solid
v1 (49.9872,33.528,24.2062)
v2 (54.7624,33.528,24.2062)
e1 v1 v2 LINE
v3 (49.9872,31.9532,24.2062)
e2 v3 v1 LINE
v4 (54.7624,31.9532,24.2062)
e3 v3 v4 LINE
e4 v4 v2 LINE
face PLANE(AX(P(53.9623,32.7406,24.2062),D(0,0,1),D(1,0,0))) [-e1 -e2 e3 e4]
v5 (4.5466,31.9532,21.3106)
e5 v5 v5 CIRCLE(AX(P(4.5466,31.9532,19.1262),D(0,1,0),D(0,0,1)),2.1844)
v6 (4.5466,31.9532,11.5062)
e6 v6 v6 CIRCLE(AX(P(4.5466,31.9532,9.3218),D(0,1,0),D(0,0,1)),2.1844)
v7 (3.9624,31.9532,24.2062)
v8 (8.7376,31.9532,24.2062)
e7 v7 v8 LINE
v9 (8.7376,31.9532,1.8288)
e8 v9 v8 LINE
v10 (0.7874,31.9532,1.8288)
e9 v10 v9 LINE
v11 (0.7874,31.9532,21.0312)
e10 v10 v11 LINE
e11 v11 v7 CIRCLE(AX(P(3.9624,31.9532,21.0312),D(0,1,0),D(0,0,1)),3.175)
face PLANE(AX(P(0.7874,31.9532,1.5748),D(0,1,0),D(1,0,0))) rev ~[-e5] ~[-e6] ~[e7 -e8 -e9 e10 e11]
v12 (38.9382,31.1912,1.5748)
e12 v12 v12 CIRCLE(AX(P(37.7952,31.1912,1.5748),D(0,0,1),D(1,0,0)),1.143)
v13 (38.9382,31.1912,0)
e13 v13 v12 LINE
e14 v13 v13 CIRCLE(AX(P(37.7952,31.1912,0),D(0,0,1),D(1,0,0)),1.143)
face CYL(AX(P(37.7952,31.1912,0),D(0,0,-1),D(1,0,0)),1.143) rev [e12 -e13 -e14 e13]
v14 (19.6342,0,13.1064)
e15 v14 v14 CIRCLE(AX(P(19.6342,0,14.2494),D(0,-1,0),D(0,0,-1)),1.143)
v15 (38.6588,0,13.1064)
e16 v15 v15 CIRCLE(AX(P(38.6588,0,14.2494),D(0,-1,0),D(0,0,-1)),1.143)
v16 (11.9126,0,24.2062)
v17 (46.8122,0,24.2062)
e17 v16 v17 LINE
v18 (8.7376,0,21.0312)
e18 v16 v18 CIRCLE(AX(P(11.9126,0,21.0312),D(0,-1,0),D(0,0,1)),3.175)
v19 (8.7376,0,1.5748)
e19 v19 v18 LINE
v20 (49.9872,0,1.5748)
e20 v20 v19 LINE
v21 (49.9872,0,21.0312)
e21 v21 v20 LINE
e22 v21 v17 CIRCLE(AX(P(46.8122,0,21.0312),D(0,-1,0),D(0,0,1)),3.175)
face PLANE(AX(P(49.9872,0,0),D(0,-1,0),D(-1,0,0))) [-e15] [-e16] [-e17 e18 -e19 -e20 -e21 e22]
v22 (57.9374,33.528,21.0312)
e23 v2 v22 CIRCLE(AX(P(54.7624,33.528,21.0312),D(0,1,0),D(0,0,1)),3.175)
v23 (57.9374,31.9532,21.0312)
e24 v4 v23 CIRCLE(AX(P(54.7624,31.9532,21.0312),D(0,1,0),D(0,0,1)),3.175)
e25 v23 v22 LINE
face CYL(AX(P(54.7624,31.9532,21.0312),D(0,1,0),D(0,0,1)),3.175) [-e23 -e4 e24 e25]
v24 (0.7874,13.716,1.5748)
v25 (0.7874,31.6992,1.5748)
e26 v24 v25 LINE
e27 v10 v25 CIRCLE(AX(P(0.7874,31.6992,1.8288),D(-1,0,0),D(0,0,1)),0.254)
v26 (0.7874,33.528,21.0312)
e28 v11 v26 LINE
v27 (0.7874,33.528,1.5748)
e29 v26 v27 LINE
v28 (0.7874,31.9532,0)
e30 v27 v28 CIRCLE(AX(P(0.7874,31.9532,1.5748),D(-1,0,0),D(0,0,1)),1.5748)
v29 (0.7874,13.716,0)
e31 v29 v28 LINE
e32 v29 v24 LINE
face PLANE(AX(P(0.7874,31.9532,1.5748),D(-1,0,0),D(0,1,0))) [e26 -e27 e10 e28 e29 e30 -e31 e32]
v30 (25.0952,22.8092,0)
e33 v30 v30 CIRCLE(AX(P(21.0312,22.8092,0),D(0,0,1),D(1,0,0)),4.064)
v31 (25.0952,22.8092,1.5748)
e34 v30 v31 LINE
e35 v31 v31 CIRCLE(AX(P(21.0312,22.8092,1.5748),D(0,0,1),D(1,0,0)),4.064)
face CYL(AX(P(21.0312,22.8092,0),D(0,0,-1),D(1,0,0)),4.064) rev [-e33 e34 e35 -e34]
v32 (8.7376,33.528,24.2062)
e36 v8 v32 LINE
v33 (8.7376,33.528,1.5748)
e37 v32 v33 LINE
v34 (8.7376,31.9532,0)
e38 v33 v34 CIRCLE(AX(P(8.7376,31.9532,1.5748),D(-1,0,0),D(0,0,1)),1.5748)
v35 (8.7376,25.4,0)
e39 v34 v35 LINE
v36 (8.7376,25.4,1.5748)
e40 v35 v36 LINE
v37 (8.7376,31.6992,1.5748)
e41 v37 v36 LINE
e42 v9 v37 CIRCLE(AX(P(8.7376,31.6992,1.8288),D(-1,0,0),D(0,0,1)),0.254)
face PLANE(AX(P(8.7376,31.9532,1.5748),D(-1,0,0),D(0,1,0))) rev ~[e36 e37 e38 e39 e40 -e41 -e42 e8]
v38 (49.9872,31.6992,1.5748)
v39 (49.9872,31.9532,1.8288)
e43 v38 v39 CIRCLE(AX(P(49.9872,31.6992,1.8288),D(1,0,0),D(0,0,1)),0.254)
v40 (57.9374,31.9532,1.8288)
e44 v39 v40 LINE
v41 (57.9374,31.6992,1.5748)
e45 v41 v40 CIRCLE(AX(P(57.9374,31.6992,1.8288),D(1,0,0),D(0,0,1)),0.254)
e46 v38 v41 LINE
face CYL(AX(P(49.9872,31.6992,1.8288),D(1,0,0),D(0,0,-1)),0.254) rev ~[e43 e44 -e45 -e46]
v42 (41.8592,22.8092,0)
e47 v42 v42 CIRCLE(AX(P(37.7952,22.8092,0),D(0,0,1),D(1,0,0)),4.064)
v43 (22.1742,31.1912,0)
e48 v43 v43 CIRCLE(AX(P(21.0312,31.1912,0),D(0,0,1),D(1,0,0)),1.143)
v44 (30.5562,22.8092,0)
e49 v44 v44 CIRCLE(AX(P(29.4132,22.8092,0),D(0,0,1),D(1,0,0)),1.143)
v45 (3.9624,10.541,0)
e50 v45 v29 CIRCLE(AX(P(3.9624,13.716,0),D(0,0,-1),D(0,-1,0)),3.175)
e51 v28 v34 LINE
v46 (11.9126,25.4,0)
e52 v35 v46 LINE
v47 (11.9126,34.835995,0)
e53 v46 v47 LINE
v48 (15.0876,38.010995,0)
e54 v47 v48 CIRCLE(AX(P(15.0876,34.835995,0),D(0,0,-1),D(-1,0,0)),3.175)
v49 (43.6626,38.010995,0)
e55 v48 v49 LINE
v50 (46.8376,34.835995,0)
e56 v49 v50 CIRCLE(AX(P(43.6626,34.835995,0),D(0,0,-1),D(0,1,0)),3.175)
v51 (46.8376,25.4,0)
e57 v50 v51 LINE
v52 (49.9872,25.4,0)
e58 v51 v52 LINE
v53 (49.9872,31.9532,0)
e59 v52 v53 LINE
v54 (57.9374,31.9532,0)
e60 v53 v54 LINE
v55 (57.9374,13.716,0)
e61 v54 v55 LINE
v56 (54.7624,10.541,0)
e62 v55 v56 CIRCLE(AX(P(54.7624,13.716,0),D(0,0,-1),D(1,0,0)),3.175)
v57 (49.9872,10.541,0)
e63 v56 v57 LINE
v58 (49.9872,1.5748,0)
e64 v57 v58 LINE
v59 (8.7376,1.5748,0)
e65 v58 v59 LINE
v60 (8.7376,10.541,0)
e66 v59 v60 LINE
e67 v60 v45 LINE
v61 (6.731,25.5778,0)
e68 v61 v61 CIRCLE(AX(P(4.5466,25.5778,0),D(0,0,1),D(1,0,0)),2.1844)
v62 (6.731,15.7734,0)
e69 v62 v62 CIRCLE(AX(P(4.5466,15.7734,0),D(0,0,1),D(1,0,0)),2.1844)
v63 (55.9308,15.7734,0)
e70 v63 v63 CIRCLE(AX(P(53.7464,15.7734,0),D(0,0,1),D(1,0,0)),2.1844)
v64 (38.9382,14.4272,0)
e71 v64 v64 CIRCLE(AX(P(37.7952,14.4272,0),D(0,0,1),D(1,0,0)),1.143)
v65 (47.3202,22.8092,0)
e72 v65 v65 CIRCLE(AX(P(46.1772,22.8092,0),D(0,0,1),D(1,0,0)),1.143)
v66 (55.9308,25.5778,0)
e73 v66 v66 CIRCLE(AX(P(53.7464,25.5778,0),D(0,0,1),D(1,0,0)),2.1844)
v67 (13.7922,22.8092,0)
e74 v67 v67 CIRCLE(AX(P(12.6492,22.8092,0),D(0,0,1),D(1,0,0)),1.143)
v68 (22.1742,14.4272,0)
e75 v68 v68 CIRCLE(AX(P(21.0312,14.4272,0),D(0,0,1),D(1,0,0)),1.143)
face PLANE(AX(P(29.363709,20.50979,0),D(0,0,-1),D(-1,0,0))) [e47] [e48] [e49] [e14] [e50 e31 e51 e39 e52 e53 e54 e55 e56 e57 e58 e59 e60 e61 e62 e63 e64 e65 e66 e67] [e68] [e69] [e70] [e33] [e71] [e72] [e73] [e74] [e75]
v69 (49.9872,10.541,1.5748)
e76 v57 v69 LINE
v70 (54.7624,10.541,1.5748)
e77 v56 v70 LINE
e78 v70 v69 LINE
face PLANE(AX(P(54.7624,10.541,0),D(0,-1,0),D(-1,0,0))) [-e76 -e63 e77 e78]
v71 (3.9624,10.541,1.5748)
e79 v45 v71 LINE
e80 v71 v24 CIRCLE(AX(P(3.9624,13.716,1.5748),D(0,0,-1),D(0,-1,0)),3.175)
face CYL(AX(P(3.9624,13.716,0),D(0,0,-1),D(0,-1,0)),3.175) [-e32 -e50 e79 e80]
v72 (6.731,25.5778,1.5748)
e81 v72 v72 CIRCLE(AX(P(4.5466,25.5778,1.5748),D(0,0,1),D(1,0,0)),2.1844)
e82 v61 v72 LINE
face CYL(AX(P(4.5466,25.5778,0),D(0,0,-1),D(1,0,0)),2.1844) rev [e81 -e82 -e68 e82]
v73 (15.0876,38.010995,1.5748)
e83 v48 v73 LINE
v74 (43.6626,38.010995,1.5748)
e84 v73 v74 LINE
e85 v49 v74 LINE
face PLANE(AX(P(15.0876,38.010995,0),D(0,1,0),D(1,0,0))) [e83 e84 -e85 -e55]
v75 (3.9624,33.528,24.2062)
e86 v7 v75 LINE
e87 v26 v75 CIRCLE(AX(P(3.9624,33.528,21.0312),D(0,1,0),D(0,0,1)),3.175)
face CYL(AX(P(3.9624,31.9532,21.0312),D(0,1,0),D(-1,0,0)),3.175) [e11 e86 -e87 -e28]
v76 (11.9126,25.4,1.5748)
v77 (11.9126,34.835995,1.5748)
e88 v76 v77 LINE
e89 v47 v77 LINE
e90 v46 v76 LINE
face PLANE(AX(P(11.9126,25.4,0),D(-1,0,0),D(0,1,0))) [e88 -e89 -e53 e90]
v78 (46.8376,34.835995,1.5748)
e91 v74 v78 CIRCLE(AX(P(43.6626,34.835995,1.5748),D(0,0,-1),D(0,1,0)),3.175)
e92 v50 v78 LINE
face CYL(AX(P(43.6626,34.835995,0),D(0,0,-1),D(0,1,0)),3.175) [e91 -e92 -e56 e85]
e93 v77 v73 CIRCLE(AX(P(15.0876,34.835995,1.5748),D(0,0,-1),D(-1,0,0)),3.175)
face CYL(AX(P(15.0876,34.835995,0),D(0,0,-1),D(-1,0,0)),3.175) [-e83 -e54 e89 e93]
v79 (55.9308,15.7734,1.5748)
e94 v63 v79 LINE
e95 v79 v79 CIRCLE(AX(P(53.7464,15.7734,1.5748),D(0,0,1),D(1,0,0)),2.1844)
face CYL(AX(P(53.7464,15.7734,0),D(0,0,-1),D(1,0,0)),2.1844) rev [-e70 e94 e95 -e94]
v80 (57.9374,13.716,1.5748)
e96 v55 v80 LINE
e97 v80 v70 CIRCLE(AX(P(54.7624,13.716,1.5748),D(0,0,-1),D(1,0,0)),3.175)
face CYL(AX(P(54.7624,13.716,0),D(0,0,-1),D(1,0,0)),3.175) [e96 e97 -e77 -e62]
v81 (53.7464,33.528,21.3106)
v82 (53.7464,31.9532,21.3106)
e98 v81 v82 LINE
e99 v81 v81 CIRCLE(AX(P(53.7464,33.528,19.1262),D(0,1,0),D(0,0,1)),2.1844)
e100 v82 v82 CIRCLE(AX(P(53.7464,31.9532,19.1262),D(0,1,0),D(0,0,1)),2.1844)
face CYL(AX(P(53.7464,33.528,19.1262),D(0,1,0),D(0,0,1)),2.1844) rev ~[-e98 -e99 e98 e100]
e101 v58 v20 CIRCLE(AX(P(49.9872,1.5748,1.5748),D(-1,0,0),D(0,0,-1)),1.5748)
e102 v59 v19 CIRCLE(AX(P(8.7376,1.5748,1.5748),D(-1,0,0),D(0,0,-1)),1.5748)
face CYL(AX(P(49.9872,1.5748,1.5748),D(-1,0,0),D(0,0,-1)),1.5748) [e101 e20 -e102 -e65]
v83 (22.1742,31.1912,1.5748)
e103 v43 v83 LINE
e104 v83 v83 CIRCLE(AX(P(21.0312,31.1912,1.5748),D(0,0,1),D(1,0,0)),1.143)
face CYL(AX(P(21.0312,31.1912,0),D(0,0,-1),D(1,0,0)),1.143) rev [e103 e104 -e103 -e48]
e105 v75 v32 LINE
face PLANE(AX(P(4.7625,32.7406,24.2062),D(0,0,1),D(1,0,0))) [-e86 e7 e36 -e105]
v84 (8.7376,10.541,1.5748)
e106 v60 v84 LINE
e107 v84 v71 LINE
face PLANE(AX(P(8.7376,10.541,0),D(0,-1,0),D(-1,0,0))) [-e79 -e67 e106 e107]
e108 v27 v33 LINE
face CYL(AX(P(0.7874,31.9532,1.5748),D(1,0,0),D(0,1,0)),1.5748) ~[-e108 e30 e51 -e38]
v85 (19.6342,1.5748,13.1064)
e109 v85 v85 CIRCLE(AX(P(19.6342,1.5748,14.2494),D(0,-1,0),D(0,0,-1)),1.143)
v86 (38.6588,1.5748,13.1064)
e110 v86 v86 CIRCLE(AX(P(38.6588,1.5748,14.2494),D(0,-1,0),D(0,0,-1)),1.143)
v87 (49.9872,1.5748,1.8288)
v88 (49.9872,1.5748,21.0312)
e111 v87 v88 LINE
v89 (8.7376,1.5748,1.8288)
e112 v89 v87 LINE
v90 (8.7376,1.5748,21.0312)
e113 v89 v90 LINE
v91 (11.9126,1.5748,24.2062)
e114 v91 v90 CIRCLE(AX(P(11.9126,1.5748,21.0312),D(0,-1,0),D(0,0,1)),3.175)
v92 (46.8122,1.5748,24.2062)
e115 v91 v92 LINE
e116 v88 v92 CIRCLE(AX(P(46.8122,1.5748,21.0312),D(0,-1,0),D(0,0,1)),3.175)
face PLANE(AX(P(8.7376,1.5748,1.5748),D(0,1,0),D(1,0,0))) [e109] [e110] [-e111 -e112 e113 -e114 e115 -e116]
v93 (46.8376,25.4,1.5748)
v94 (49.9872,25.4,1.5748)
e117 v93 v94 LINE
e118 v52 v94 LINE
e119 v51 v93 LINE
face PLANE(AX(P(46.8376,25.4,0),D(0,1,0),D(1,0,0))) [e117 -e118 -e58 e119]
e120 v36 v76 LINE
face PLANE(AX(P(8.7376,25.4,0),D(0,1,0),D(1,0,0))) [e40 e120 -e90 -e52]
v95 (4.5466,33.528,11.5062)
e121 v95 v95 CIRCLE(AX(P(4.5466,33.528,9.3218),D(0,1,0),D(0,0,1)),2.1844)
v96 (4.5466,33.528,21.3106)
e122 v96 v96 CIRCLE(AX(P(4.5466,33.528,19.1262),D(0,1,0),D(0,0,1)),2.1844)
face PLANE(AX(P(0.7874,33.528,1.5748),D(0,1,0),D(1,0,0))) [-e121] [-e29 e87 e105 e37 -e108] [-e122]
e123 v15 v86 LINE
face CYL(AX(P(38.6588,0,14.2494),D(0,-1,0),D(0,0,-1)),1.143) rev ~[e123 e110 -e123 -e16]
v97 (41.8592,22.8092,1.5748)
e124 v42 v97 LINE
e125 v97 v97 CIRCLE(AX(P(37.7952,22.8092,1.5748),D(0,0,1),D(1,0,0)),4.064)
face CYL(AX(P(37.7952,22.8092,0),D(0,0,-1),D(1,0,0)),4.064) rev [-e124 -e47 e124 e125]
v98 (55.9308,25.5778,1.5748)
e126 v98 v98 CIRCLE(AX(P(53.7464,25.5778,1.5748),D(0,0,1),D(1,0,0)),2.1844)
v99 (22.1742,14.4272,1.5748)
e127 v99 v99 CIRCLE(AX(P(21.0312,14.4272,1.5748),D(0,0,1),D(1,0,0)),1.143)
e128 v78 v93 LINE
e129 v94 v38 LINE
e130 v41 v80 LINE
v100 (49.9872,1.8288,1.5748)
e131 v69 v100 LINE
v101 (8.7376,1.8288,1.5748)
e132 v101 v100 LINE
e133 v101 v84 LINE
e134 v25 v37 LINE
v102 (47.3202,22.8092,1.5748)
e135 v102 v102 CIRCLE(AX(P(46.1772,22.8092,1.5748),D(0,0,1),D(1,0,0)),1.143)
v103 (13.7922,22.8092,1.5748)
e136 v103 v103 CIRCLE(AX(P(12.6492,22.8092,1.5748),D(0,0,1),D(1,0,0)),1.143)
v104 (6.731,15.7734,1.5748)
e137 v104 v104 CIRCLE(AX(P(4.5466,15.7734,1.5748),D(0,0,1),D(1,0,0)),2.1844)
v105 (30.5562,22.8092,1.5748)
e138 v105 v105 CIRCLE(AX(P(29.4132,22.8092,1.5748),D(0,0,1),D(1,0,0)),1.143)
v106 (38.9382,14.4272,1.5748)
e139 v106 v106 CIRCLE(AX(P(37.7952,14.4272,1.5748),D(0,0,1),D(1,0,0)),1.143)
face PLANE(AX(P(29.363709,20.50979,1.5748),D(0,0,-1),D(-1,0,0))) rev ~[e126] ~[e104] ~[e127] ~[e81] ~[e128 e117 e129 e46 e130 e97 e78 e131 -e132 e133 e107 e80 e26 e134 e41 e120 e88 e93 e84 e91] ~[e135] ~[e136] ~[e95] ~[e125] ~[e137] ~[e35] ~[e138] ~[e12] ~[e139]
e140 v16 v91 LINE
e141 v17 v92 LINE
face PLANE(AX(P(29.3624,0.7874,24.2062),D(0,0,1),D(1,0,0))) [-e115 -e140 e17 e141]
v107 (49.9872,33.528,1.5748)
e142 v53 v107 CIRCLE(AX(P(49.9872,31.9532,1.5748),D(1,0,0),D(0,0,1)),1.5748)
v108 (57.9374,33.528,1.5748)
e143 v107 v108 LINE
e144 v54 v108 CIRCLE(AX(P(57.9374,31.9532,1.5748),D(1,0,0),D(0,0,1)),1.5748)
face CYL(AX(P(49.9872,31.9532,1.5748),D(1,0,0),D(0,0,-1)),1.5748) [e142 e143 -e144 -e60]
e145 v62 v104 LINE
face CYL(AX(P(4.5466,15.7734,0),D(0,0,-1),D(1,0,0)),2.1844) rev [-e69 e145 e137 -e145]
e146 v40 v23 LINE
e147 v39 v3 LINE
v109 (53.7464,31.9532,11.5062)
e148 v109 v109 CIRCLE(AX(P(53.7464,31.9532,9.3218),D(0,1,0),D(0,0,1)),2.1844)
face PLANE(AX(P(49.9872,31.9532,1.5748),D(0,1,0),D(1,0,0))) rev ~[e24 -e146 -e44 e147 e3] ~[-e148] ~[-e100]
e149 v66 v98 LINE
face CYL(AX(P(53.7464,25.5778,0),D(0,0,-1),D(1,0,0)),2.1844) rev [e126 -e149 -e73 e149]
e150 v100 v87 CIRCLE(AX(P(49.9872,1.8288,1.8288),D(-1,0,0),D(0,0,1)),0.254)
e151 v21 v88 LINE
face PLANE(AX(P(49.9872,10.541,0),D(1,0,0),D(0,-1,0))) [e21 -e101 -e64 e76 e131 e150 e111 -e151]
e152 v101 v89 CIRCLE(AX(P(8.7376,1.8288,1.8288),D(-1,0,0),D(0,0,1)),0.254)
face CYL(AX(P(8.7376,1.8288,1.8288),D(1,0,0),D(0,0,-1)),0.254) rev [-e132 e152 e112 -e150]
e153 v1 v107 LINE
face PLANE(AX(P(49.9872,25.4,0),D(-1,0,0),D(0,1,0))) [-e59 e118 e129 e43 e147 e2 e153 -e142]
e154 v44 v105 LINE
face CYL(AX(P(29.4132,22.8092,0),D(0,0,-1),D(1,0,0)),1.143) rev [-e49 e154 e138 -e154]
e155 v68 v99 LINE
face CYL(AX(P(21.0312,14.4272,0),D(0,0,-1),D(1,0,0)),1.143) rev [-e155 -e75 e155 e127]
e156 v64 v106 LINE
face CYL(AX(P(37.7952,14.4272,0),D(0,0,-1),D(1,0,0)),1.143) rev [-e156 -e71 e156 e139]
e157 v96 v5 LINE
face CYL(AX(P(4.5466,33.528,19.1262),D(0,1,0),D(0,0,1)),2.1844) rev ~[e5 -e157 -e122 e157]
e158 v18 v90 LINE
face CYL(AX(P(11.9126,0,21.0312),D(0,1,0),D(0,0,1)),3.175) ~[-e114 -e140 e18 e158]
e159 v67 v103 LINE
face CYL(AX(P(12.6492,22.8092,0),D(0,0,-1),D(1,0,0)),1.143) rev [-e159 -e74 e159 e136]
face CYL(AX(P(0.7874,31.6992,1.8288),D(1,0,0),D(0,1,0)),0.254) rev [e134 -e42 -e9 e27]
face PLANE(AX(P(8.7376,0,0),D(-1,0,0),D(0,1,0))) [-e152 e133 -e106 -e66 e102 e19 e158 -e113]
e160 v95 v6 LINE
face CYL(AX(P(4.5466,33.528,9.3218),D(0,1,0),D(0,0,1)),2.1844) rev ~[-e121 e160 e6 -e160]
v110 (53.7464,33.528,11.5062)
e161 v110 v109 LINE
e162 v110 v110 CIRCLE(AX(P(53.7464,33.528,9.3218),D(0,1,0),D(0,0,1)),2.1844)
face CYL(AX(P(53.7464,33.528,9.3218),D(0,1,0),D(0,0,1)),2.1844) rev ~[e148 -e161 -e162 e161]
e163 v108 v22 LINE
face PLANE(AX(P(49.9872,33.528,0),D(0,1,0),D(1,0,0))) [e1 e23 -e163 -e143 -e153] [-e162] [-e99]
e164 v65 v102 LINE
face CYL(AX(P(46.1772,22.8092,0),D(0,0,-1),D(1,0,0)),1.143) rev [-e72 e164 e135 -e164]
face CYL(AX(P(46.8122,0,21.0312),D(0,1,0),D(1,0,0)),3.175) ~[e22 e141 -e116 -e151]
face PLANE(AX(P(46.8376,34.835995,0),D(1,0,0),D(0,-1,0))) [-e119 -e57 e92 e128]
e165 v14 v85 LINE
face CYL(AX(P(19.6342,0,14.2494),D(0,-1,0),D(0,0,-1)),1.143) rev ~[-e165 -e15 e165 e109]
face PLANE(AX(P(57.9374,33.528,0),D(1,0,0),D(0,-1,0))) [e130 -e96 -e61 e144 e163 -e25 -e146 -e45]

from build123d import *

# Parameters (mm, degrees)
SKETCH1_R      = 4.064
SKETCH1_R_2    = 1.143
SKETCH1_R_3    = 2.1844
EXTRUDE2_DEPTH = 1.5748
SKETCH3_W      = 7.9502
SKETCH3_H      = 1.5748
SKETCH3_W_2    = 41.2496
EXTRUDE3_DEPTH = 22.6314
FILLET1_R      = 3.175
FILLET2_R      = 1.5748
FILLET3_R      = 0.254
SKETCH4_R      = 1.143
EXTRUDE4_DEPTH = 1.5748
SKETCH5_R      = 2.1844
EXTRUDE5_DEPTH = 1.5748


with BuildPart() as part:
    # Sketch1 → Extrude2 (new body)
    with BuildSketch(Plane.XY):
        with BuildLine():
            Line((11.9126, 30.734), (11.9126, 34.835994844))
            ThreePointArc((11.9126, 34.835994844), (12.84253597, 37.081058874), (15.0876, 38.010994844))
            Line((15.0876, 38.010994844), (43.6626, 38.010994844))
            ThreePointArc((43.6626, 38.010994844), (45.90766403, 37.081058874), (46.8376, 34.835994844))
            Line((46.8376, 34.835994844), (46.8376, 33.528))
            Line((46.8376, 33.528), (46.8376, 25.4))
            Line((46.8376, 25.4), (49.9872, 25.4))
            Line((49.9872, 25.4), (49.9872, 33.528))
            Line((49.9872, 33.528), (57.9374, 33.528))
            Line((57.9374, 33.528), (57.9374, 13.716))
            ThreePointArc((57.9374, 13.716), (57.00746403, 11.47093597), (54.7624, 10.541))
            Line((54.7624, 10.541), (49.9872, 10.541))
            Line((49.9872, 10.541), (49.9872, 0))
            Line((49.9872, 0), (8.7376, 0))
            Line((8.7376, 0), (8.7376, 10.541))
            Line((8.7376, 10.541), (3.9624, 10.541))
            ThreePointArc((3.9624, 10.541), (1.71733597, 11.47093597), (0.7874, 13.716))
            Line((0.7874, 13.716), (0.7874, 33.528))
            Line((0.7874, 33.528), (8.7376, 33.528))
            Line((8.7376, 33.528), (8.7376, 25.4))
            Line((8.7376, 25.4), (11.9126, 25.4))
            Line((11.9126, 25.4), (11.9126, 30.734))
        make_face()
        with Locations((21.0312, 22.8092)):
            Circle(SKETCH1_R, mode=Mode.SUBTRACT)
        with Locations((21.0312, 31.1912)):
            Circle(SKETCH1_R_2, mode=Mode.SUBTRACT)
        with Locations((29.4132, 22.8092)):
            Circle(SKETCH1_R_2, mode=Mode.SUBTRACT)
        with Locations((21.0312, 14.4272)):
            Circle(SKETCH1_R_2, mode=Mode.SUBTRACT)
        with Locations((12.6492, 22.8092)):
            Circle(SKETCH1_R_2, mode=Mode.SUBTRACT)
        with Locations((37.7952, 31.1912)):
            Circle(SKETCH1_R_2, mode=Mode.SUBTRACT)
        with Locations((46.1772, 22.8092)):
            Circle(SKETCH1_R_2, mode=Mode.SUBTRACT)
        with Locations((37.7952, 22.8092)):
            Circle(SKETCH1_R, mode=Mode.SUBTRACT)
        with Locations((37.7952, 14.4272)):
            Circle(SKETCH1_R_2, mode=Mode.SUBTRACT)
        with Locations((4.5466, 25.5778)):
            Circle(SKETCH1_R_3, mode=Mode.SUBTRACT)
        with Locations((4.5466, 15.7734)):
            Circle(SKETCH1_R_3, mode=Mode.SUBTRACT)
        with Locations((53.7464, 25.5778)):
            Circle(SKETCH1_R_3, mode=Mode.SUBTRACT)
        with Locations((53.7464, 15.7734)):
            Circle(SKETCH1_R_3, mode=Mode.SUBTRACT)
    extrude(amount=EXTRUDE2_DEPTH)

    # Sketch3 → Extrude3 (add)
    with BuildSketch(Plane.XY.offset(1.5748)):
        with Locations((4.7625, 32.7406)):
            Rectangle(SKETCH3_W, SKETCH3_H)
        with Locations((29.3624, 0.7874)):
            Rectangle(SKETCH3_W_2, SKETCH3_H)
        with Locations((53.9623, 32.7406)):
            Rectangle(SKETCH3_W, SKETCH3_H)
    extrude(amount=EXTRUDE3_DEPTH)

    # Fillet1
    fillet1_edges = [part.edges().sort_by_distance(p)[0] for p in [
        (0.7874, 32.7406, 24.2062),
        (8.7376, 0.7874, 24.2062),
        (49.9872, 0.7874, 24.2062),
        (57.9374, 32.7406, 24.2062),
    ]]
    fillet(fillet1_edges, radius=FILLET1_R)

    # Fillet2
    fillet2_edges = [part.edges().sort_by_distance(p)[0] for p in [
        (4.7625, 33.528, 0),
        (53.9623, 33.528, 0),
        (29.3624, 0, 0),
    ]]
    fillet(fillet2_edges, radius=FILLET2_R)

    # Fillet3
    fillet3_edges = [part.edges().sort_by_distance(p)[0] for p in [
        (4.7625, 31.9532, 1.5748),
        (29.3624, 1.5748, 1.5748),
        (53.9623, 31.9532, 1.5748),
    ]]
    fillet(fillet3_edges, radius=FILLET3_R)

    # Sketch4 → Extrude4 (cut)
    with BuildSketch(Plane.XZ):
        with Locations(Location((19.6342, 14.2494, 0), (0, 0, 270))):
            Circle(SKETCH4_R)
        with Locations(Location((38.6588, 14.2494, 0), (0, 0, 270))):
            Circle(SKETCH4_R)
    extrude(amount=-EXTRUDE4_DEPTH, mode=Mode.SUBTRACT)

    # Sketch5 → Extrude5 (cut)
    with BuildSketch(Plane(origin=(0, 33.528, 0), x_dir=(1, 0, 0), z_dir=(0, 1, 0))):
        with Locations(Location((4.5466, -9.3218, 0), (0, 0, 270))):
            Circle(SKETCH5_R)
        with Locations(Location((4.5466, -19.1262, 0), (0, 0, 270))):
            Circle(SKETCH5_R)
        with Locations(Location((53.7464, -19.1262, 0), (0, 0, 270))):
            Circle(SKETCH5_R)
        with Locations(Location((53.7464, -9.3218, 0), (0, 0, 270))):
            Circle(SKETCH5_R)
    extrude(amount=-EXTRUDE5_DEPTH, mode=Mode.SUBTRACT)


solid = part.part
